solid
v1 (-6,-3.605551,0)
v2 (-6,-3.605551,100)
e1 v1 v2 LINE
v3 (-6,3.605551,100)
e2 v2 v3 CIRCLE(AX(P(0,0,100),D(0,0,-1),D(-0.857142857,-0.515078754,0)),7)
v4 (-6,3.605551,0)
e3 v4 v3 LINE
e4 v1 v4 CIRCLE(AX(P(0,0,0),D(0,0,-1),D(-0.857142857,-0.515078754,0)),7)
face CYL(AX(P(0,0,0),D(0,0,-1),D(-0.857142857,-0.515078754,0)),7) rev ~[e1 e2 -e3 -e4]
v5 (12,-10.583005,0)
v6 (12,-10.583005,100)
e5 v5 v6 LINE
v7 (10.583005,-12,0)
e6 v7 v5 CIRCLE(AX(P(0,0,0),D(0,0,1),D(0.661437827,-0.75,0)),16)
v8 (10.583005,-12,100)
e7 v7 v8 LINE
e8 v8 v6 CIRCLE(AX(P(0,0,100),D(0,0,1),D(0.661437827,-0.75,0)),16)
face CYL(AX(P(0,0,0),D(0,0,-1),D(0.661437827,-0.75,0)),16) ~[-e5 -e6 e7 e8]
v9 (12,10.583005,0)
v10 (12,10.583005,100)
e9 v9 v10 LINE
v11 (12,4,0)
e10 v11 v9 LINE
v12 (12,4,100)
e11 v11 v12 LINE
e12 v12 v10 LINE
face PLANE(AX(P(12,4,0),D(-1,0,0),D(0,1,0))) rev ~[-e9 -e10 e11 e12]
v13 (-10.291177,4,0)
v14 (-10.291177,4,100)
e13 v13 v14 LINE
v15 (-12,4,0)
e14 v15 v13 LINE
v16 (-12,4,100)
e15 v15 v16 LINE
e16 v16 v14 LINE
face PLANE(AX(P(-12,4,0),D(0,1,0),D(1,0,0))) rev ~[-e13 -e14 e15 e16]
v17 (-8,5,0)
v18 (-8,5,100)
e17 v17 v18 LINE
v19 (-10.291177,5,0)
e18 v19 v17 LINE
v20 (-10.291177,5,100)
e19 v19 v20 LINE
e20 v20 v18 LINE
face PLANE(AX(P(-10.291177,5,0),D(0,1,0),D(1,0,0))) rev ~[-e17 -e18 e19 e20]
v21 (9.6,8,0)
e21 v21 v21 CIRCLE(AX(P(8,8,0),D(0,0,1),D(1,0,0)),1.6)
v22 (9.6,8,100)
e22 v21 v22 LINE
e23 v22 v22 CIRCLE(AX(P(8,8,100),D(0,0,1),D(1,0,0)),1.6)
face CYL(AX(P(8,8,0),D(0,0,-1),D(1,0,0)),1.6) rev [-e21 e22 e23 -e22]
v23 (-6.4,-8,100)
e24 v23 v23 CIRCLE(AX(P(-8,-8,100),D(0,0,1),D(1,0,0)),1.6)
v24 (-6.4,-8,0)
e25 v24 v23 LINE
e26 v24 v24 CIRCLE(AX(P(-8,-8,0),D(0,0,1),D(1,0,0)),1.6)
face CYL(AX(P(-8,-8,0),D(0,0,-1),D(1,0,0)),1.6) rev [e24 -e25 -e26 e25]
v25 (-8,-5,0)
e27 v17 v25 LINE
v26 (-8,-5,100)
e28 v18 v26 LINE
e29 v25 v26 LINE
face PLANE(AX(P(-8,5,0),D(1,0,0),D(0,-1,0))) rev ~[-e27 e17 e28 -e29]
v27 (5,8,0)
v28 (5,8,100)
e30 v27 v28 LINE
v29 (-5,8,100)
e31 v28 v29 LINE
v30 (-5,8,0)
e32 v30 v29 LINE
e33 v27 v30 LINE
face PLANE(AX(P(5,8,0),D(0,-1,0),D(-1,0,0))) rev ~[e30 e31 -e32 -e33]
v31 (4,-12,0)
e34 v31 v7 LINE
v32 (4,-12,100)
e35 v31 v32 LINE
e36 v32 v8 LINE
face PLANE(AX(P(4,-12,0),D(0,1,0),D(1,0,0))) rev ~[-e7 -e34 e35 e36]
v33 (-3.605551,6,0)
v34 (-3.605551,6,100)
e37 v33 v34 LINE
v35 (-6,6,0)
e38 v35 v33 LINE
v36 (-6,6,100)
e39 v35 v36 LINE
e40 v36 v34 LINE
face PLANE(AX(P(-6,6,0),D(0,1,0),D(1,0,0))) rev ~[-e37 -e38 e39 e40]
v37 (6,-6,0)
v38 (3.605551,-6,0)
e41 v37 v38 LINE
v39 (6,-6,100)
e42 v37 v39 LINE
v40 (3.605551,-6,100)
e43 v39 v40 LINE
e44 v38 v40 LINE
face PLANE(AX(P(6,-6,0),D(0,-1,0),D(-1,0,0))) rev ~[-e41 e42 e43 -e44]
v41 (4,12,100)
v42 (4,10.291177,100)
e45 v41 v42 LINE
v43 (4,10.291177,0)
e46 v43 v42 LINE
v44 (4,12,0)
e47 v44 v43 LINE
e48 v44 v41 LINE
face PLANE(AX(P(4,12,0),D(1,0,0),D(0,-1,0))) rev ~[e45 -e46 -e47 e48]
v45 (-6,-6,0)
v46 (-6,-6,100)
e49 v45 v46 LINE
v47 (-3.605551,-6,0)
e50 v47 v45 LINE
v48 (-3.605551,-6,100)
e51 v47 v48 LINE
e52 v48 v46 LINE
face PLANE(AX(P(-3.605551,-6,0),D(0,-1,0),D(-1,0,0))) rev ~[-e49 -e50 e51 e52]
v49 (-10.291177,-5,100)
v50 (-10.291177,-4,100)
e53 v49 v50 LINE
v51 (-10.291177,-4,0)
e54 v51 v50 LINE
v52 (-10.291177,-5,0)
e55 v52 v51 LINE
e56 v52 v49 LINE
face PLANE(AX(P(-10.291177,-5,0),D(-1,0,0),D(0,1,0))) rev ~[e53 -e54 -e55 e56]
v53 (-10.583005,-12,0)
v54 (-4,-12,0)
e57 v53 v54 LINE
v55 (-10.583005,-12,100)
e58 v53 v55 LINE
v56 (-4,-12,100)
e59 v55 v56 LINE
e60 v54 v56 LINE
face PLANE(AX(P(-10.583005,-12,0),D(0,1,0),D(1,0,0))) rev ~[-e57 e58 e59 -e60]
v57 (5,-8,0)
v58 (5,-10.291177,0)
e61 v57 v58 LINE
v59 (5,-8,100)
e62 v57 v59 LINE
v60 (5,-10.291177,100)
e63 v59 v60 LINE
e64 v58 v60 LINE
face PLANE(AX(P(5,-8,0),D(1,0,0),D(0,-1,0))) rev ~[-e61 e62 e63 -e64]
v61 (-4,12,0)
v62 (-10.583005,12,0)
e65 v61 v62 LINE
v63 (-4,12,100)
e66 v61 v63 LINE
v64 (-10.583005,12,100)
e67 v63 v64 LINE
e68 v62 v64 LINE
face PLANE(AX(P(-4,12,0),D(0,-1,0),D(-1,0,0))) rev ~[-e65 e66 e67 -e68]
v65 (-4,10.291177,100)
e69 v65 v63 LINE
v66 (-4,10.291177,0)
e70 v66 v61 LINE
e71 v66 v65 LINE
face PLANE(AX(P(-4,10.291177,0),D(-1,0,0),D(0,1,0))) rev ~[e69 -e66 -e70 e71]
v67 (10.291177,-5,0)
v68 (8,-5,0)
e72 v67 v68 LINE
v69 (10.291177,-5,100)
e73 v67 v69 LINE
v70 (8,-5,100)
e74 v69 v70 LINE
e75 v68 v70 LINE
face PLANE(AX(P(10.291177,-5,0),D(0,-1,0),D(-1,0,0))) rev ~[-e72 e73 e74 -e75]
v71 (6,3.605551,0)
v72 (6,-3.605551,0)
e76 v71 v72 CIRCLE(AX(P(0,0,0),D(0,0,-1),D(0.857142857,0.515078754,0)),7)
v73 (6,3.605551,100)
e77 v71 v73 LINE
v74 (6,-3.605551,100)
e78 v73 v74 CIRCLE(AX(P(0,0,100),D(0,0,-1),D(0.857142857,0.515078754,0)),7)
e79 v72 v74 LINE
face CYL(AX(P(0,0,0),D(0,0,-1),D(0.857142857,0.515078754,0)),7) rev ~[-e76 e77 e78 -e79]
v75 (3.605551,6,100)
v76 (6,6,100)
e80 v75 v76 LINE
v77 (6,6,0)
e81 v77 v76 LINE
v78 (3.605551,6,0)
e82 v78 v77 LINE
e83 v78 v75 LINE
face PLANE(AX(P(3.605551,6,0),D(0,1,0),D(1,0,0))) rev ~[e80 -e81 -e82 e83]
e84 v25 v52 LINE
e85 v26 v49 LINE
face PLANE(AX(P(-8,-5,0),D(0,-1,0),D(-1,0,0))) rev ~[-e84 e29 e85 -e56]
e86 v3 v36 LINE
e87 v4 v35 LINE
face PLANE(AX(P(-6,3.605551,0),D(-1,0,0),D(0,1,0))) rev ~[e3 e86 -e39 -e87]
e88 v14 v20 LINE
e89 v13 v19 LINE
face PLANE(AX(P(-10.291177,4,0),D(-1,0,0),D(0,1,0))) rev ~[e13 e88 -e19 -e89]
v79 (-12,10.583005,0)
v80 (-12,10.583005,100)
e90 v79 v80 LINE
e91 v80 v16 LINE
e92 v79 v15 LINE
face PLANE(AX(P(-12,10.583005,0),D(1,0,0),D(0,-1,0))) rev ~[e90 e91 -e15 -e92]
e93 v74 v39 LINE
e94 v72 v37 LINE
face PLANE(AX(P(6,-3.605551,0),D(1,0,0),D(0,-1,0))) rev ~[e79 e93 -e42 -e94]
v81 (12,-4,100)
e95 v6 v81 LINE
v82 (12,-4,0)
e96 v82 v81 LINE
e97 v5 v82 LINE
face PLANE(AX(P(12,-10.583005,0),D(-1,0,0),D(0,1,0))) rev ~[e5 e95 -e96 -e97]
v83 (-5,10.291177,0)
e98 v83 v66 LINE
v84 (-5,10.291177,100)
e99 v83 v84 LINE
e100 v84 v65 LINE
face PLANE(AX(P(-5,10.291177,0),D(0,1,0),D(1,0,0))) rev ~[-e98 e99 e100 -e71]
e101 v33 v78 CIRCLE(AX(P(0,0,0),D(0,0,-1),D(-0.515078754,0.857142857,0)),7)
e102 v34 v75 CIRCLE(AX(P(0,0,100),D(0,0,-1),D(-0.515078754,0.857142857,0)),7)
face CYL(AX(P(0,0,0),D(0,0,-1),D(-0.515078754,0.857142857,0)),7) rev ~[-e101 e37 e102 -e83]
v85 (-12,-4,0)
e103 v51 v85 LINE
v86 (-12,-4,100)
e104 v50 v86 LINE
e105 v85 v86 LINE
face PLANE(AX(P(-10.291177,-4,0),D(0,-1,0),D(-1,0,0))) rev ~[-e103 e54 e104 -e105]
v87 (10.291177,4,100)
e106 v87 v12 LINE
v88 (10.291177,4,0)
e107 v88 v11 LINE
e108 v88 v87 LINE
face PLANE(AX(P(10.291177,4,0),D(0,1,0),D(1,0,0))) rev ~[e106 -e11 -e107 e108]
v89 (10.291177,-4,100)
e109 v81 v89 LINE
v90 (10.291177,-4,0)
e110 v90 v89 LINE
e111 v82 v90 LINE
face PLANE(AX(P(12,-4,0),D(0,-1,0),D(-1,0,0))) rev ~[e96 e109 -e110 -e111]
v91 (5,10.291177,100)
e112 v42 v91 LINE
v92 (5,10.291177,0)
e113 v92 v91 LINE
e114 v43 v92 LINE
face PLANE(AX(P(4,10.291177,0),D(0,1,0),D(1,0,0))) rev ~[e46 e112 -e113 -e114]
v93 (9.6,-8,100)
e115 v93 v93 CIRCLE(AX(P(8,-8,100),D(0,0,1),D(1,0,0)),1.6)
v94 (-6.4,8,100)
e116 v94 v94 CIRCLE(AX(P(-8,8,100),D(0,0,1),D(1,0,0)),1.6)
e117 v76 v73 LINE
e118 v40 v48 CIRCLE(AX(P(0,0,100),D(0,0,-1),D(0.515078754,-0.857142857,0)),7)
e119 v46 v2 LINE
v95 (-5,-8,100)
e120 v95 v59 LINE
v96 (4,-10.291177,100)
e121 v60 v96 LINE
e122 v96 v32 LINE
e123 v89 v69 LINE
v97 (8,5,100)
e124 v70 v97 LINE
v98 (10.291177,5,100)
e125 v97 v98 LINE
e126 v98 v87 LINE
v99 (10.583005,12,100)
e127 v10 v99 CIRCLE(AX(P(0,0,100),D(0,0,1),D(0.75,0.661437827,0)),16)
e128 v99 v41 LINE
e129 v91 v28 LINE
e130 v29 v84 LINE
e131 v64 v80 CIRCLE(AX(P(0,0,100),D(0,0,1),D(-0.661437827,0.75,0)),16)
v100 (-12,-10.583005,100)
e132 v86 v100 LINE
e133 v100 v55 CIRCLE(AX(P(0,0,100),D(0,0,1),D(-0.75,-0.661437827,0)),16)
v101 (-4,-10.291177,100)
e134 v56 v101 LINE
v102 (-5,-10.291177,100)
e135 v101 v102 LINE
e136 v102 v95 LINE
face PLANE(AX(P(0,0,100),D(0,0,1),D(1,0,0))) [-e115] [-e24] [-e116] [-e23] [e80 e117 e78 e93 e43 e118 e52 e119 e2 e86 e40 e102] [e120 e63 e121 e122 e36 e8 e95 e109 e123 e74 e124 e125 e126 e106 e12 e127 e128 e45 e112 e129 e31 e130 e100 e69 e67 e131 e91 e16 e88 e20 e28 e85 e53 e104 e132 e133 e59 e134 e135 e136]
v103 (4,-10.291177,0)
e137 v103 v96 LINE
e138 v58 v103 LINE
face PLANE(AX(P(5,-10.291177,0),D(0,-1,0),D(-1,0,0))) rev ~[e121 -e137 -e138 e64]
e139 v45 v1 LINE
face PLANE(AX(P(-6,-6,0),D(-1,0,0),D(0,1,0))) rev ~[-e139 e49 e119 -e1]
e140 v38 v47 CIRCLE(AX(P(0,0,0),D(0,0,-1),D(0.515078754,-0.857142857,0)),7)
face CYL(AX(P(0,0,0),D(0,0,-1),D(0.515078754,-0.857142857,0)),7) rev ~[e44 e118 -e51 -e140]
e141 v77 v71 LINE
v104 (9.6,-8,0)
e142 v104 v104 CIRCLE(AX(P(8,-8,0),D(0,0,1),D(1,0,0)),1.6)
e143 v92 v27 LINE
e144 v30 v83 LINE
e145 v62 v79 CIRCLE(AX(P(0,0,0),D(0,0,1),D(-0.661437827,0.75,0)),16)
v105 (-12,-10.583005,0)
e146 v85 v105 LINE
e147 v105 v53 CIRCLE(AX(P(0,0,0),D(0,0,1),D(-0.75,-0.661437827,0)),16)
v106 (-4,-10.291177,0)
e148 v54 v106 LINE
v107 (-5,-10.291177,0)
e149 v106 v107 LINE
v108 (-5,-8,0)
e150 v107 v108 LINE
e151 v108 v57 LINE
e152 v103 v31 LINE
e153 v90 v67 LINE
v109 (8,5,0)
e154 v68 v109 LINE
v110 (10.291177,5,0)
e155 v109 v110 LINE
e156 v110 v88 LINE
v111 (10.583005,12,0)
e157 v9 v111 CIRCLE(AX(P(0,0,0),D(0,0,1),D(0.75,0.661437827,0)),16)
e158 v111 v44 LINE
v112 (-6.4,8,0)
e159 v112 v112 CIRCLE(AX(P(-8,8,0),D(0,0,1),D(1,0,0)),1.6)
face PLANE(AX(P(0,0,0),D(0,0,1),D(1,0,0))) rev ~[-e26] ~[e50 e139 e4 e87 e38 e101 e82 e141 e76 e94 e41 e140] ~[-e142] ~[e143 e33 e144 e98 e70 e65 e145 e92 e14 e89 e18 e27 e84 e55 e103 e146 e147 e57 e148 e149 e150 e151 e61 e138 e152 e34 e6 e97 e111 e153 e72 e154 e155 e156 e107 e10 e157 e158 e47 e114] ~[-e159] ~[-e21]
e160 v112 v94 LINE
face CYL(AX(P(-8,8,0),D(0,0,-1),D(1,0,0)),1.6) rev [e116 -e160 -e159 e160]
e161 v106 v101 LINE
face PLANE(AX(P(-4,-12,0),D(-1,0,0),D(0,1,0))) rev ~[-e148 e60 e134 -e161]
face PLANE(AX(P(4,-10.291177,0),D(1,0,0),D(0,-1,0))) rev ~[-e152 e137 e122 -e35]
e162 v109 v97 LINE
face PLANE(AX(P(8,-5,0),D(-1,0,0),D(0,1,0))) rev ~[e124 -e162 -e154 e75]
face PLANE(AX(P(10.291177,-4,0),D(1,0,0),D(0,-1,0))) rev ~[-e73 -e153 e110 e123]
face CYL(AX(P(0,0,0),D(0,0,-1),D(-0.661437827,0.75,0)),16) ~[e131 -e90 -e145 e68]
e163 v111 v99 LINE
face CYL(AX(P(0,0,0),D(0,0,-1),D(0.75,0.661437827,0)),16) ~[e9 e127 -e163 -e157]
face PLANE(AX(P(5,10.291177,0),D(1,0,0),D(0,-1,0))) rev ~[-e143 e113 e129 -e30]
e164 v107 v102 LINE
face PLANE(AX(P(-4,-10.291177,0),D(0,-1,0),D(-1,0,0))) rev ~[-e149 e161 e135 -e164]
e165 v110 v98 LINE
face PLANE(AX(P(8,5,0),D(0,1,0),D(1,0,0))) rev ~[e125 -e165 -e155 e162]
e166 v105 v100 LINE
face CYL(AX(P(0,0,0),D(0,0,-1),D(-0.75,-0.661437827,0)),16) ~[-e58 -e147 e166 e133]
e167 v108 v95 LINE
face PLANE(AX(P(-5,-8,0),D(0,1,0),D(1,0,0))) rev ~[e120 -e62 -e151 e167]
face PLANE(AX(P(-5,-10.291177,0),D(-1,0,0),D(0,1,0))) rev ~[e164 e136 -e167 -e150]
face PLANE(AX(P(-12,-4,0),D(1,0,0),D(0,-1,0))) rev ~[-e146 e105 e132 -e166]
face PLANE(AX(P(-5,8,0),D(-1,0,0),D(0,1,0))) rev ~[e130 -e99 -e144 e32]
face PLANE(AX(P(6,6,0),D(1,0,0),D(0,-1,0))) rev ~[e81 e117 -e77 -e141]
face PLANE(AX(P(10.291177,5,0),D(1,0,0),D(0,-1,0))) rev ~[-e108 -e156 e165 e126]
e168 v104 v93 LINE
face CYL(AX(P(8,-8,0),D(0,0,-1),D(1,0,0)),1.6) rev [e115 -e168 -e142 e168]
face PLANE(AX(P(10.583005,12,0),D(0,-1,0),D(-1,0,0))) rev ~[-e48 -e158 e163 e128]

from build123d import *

# Parameters (mm, degrees)
SKETCH1_R           = 1.6
BOSS_EXTRUDE1_DEPTH = 100


with BuildPart() as part:
    # Sketch1 → Boss-Extrude1 (new body)
    with BuildSketch(Plane.XY):
        with BuildLine():
            Line((-8, -5), (-10.291177135, -5))
            Line((-10.291177135, -5), (-10.291177135, -4))
            Line((-10.291177135, -4), (-12, -4))
            Line((-12, -4), (-12, -10.583005244))
            ThreePointArc((-12, -10.583005244), (-11.313708499, -11.313708499), (-10.583005244, -12))
            Line((-10.583005244, -12), (-4, -12))
            Line((-4, -12), (-4, -10.291177135))
            Line((-4, -10.291177135), (-5, -10.291177135))
            Line((-5, -10.291177135), (-5, -8))
            Line((-5, -8), (5, -8))
            Line((5, -8), (5, -10.291177135))
            Line((5, -10.291177135), (4, -10.291177135))
            Line((4, -10.291177135), (4, -12))
            Line((4, -12), (10.583005244, -12))
            ThreePointArc((10.583005244, -12), (11.313708499, -11.313708499), (12, -10.583005244))
            Line((12, -10.583005244), (12, -4))
            Line((12, -4), (10.291177135, -4))
            Line((10.291177135, -4), (10.291177135, -5))
            Line((10.291177135, -5), (8, -5))
            Line((8, -5), (8, 5))
            Line((8, 5), (10.291177135, 5))
            Line((10.291177135, 5), (10.291177135, 4))
            Line((10.291177135, 4), (12, 4))
            Line((12, 4), (12, 10.583005244))
            ThreePointArc((12, 10.583005244), (11.313708499, 11.313708499), (10.583005244, 12))
            Line((10.583005244, 12), (4, 12))
            Line((4, 12), (4, 10.291177135))
            Line((4, 10.291177135), (5, 10.291177135))
            Line((5, 10.291177135), (5, 8))
            Line((5, 8), (-5, 8))
            Line((-5, 8), (-5, 10.291177135))
            Line((-5, 10.291177135), (-4, 10.291177135))
            Line((-4, 10.291177135), (-4, 12))
            Line((-4, 12), (-10.583005244, 12))
            ThreePointArc((-10.583005244, 12), (-11.313708499, 11.313708499), (-12, 10.583005244))
            Line((-12, 10.583005244), (-12, 4))
            Line((-12, 4), (-10.291177135, 4))
            Line((-10.291177135, 4), (-10.291177135, 5))
            Line((-10.291177135, 5), (-8, 5))
            Line((-8, 5), (-8, -5))
        make_face()
        with Locations((-8, -8)):
            Circle(SKETCH1_R, mode=Mode.SUBTRACT)
        with Locations((8, 8)):
            Circle(SKETCH1_R, mode=Mode.SUBTRACT)
        with Locations((-8, 8)):
            Circle(SKETCH1_R, mode=Mode.SUBTRACT)
        with Locations((8, -8)):
            Circle(SKETCH1_R, mode=Mode.SUBTRACT)
        with BuildLine():
            Line((-3.605551275, -6), (-6, -6))
            Line((-6, -6), (-6, -3.605551275))
            ThreePointArc((-6, -3.605551275), (-7, 0), (-6, 3.605551275))
            Line((-6, 3.605551275), (-6, 6))
            Line((-6, 6), (-3.605551275, 6))
            ThreePointArc((-3.605551275, 6), (0, 7), (3.605551275, 6))
            Line((3.605551275, 6), (6, 6))
            Line((6, 6), (6, 3.605551275))
            ThreePointArc((6, 3.605551275), (7, 0), (6, -3.605551275))
            Line((6, -3.605551275), (6, -6))
            Line((6, -6), (3.605551275, -6))
            ThreePointArc((3.605551275, -6), (0, -7), (-3.605551275, -6))
        make_face(mode=Mode.SUBTRACT)
    extrude(amount=BOSS_EXTRUDE1_DEPTH)


solid = part.part
